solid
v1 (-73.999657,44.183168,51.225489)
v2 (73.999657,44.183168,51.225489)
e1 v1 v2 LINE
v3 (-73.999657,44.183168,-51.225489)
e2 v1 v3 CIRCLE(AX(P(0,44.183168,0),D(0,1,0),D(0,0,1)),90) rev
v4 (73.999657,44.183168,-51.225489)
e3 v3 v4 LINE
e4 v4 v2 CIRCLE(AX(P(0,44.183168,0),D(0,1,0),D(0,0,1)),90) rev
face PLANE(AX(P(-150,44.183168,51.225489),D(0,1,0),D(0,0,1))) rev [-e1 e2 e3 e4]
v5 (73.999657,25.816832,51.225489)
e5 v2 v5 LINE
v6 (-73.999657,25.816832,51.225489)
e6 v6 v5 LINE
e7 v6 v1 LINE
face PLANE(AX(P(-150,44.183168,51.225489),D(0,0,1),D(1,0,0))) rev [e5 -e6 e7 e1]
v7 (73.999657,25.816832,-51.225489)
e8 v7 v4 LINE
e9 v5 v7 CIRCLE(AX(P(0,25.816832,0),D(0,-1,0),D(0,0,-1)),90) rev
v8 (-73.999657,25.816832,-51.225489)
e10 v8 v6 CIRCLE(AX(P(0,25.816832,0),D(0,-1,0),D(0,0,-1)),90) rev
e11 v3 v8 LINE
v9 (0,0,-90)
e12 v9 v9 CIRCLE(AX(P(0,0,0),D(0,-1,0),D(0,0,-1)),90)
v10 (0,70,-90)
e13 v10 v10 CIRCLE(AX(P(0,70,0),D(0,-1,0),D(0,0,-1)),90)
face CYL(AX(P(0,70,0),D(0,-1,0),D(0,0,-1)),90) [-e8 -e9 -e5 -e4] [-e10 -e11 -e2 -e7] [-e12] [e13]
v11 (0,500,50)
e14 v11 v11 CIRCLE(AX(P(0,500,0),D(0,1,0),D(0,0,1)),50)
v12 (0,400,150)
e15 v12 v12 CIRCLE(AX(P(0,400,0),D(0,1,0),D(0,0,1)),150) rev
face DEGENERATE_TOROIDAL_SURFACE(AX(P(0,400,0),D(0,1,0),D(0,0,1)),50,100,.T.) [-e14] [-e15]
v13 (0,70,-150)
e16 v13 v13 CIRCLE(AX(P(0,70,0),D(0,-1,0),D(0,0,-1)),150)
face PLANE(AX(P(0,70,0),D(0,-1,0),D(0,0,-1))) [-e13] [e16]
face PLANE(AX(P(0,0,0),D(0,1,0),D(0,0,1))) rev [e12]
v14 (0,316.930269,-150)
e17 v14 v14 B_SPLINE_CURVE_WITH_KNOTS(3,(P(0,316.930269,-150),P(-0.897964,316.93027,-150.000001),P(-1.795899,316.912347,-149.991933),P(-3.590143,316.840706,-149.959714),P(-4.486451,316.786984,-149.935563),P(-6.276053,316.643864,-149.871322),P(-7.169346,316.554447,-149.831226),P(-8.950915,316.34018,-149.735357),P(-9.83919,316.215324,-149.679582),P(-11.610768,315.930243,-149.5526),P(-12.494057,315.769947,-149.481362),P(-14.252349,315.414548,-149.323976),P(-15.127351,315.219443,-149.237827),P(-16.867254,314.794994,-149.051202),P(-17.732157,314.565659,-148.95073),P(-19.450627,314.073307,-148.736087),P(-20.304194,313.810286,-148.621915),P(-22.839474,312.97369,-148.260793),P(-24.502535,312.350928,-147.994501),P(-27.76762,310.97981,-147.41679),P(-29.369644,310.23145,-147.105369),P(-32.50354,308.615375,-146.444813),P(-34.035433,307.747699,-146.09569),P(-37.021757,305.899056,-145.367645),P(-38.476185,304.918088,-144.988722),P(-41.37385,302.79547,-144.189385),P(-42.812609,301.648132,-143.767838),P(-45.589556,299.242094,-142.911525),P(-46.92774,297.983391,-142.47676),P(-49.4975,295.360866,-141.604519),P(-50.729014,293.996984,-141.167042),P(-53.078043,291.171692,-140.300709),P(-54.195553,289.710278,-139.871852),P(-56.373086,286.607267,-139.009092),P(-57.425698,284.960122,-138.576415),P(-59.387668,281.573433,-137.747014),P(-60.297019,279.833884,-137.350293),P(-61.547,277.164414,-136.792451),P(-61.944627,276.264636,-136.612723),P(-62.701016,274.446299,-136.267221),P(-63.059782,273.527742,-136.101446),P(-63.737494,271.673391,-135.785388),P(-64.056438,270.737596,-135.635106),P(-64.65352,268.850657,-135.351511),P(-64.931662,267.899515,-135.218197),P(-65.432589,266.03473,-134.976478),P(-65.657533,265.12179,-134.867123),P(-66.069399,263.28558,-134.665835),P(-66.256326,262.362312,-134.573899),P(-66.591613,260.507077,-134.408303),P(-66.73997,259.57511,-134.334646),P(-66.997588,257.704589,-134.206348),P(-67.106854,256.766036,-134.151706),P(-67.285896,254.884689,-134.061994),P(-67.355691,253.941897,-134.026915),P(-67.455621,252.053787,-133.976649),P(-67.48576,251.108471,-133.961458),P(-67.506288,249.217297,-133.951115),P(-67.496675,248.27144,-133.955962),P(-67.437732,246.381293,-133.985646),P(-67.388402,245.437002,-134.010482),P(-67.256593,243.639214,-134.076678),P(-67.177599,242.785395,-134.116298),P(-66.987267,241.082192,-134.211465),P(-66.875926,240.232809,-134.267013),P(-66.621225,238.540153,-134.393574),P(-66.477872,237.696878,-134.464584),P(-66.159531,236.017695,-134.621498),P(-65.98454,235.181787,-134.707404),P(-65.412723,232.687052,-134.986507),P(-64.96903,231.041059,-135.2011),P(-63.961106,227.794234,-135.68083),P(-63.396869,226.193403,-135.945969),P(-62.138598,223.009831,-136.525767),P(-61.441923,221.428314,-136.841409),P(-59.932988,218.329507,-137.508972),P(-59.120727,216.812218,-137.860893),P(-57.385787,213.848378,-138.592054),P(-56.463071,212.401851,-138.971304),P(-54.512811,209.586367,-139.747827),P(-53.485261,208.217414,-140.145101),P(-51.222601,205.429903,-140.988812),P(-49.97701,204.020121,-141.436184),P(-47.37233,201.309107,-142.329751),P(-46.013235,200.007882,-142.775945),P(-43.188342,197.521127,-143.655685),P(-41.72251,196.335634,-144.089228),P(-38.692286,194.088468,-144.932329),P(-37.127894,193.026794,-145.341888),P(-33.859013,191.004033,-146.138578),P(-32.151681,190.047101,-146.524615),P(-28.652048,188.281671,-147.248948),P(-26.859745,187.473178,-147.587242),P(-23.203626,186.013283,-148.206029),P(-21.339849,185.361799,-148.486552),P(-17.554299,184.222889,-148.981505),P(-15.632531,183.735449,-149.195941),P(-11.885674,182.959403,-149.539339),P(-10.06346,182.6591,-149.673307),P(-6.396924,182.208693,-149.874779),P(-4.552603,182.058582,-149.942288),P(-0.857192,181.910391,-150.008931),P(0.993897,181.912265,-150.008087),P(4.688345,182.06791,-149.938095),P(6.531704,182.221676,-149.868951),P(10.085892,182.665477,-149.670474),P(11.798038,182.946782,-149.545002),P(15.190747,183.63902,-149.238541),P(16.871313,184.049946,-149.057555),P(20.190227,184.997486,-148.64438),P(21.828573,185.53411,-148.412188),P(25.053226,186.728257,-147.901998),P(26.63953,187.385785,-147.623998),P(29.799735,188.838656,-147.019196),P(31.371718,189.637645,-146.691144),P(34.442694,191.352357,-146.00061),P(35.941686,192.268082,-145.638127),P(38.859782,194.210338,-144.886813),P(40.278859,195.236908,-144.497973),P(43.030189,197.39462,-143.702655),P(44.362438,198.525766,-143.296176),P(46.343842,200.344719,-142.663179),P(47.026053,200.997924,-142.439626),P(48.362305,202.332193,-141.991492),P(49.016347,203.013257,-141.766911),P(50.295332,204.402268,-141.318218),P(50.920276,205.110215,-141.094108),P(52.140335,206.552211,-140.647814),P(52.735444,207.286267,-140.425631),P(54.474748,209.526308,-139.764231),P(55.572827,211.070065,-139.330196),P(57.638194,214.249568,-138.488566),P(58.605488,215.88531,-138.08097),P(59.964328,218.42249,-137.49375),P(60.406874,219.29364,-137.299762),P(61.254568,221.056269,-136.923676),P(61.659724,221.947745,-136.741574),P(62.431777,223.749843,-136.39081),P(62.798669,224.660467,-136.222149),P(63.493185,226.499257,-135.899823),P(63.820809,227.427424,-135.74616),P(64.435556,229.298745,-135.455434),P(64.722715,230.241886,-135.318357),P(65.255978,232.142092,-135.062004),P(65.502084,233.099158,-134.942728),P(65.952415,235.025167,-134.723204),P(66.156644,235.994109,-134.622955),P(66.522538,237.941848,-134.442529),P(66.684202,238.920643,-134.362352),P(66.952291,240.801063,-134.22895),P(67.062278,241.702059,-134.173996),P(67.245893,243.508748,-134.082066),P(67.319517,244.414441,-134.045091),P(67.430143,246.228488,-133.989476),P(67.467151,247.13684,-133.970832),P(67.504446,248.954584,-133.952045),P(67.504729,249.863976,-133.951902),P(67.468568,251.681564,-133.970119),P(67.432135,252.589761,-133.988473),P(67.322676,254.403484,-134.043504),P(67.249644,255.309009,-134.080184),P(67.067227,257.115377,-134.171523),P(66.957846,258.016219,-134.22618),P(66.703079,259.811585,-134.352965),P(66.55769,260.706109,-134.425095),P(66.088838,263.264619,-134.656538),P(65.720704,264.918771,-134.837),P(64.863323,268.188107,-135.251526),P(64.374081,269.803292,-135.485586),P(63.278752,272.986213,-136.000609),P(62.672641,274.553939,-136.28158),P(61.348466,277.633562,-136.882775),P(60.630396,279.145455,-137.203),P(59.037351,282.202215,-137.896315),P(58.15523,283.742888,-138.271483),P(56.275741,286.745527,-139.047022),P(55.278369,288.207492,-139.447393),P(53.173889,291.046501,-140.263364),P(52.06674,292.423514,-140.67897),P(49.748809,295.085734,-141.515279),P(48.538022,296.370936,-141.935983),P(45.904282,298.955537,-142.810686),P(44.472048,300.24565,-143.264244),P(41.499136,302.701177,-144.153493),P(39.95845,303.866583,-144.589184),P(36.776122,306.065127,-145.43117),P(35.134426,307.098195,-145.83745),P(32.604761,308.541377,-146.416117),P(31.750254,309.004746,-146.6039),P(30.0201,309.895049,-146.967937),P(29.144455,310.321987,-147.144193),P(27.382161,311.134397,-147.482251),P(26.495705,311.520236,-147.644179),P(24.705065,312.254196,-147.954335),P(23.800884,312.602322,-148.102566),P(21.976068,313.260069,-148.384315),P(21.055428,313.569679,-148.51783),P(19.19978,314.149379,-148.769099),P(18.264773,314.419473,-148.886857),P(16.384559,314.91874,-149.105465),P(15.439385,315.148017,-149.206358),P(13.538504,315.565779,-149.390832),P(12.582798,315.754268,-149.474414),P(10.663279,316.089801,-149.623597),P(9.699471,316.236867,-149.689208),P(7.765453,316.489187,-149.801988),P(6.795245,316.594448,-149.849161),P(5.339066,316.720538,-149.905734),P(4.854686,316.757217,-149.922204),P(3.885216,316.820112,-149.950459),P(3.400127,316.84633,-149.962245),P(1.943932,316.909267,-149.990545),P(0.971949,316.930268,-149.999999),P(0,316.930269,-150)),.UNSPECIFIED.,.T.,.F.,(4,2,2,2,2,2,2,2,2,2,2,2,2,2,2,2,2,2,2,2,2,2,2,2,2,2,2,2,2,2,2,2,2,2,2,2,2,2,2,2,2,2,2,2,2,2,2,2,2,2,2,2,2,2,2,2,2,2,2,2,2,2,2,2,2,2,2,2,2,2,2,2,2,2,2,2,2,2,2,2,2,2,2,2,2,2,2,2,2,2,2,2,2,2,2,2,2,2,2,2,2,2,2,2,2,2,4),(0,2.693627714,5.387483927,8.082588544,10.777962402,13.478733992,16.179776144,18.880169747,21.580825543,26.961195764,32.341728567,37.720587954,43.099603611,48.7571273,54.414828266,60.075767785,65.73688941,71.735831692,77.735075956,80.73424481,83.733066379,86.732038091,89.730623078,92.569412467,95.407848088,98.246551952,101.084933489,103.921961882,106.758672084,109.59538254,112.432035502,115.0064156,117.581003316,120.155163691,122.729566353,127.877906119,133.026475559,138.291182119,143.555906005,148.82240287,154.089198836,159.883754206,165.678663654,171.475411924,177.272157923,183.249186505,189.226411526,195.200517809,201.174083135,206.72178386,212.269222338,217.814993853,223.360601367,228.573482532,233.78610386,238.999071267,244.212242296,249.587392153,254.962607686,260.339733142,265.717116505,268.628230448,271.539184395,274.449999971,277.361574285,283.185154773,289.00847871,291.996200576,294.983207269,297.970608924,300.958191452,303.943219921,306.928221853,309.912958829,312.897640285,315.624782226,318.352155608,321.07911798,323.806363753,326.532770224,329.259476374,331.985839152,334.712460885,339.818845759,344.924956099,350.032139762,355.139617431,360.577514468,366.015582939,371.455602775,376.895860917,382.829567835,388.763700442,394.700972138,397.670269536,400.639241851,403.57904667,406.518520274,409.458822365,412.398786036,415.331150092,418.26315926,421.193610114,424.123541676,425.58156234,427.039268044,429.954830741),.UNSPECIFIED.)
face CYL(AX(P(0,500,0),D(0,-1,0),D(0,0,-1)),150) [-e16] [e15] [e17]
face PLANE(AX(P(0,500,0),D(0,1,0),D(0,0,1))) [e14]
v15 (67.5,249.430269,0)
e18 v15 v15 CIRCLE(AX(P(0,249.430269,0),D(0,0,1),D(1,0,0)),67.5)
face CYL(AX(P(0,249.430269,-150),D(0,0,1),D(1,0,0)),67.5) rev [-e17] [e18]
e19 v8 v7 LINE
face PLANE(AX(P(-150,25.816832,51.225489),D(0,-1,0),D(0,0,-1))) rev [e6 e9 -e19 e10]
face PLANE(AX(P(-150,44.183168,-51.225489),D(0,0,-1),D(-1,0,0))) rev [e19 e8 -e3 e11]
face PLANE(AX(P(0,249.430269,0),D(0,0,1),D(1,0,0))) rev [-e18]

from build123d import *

# Parameters (mm, degrees)
SKETCH1_R               = 150
BOSS_EXTRUDE1_DEPTH     = 500
SKETCH2_R               = 150
SKETCH2_R_2             = 90
CUT_EXTRUDE1_DEPTH      = 70
SKETCH3_W               = 102.450978838
SKETCH3_H               = 18.366336908
CUT_EXTRUDE2_DEPTH      = 151
CUT_EXTRUDE2_DEPTH_BACK = 151
FILLET1_R               = 100
SKETCH4_R               = 67.5
CUT_EXTRUDE3_DEPTH      = 151


with BuildPart() as part:
    # Sketch1 → Boss-Extrude1 (new body)
    with BuildSketch(Plane(origin=(0, 0, 0), x_dir=(1, 0, 0), z_dir=(0, 1, 0))):
        Circle(SKETCH1_R)
    extrude(amount=BOSS_EXTRUDE1_DEPTH)

    # Sketch2 → Cut-Extrude1 (cut)
    with BuildSketch(Plane.XZ):
        Circle(SKETCH2_R)
        Circle(SKETCH2_R_2, mode=Mode.SUBTRACT)
    extrude(amount=-CUT_EXTRUDE1_DEPTH, mode=Mode.SUBTRACT)

    # Sketch3 → Cut-Extrude2 (cut, two sides)
    with BuildSketch(Plane(origin=(0, 0, 0), x_dir=(0, 0, -1), z_dir=(1, 0, 0))) as cut_extrude2_sk:
        with Locations((0, 35)):
            Rectangle(SKETCH3_W, SKETCH3_H)
    extrude(amount=CUT_EXTRUDE2_DEPTH, mode=Mode.SUBTRACT)
    extrude(cut_extrude2_sk.sketch, amount=-CUT_EXTRUDE2_DEPTH_BACK, mode=Mode.SUBTRACT)

    # Fillet1
    fillet1_edges = [part.edges().sort_by_distance(p)[0] for p in [
        (-150, 500, 0),
    ]]
    fillet(fillet1_edges, radius=FILLET1_R)

    # Sketch4 → Cut-Extrude3 (cut, through all)
    with BuildSketch(Plane.XY):
        with Locations((0, 249.430268714)):
            Circle(SKETCH4_R)
    extrude(amount=-CUT_EXTRUDE3_DEPTH, mode=Mode.SUBTRACT)


solid = part.part
